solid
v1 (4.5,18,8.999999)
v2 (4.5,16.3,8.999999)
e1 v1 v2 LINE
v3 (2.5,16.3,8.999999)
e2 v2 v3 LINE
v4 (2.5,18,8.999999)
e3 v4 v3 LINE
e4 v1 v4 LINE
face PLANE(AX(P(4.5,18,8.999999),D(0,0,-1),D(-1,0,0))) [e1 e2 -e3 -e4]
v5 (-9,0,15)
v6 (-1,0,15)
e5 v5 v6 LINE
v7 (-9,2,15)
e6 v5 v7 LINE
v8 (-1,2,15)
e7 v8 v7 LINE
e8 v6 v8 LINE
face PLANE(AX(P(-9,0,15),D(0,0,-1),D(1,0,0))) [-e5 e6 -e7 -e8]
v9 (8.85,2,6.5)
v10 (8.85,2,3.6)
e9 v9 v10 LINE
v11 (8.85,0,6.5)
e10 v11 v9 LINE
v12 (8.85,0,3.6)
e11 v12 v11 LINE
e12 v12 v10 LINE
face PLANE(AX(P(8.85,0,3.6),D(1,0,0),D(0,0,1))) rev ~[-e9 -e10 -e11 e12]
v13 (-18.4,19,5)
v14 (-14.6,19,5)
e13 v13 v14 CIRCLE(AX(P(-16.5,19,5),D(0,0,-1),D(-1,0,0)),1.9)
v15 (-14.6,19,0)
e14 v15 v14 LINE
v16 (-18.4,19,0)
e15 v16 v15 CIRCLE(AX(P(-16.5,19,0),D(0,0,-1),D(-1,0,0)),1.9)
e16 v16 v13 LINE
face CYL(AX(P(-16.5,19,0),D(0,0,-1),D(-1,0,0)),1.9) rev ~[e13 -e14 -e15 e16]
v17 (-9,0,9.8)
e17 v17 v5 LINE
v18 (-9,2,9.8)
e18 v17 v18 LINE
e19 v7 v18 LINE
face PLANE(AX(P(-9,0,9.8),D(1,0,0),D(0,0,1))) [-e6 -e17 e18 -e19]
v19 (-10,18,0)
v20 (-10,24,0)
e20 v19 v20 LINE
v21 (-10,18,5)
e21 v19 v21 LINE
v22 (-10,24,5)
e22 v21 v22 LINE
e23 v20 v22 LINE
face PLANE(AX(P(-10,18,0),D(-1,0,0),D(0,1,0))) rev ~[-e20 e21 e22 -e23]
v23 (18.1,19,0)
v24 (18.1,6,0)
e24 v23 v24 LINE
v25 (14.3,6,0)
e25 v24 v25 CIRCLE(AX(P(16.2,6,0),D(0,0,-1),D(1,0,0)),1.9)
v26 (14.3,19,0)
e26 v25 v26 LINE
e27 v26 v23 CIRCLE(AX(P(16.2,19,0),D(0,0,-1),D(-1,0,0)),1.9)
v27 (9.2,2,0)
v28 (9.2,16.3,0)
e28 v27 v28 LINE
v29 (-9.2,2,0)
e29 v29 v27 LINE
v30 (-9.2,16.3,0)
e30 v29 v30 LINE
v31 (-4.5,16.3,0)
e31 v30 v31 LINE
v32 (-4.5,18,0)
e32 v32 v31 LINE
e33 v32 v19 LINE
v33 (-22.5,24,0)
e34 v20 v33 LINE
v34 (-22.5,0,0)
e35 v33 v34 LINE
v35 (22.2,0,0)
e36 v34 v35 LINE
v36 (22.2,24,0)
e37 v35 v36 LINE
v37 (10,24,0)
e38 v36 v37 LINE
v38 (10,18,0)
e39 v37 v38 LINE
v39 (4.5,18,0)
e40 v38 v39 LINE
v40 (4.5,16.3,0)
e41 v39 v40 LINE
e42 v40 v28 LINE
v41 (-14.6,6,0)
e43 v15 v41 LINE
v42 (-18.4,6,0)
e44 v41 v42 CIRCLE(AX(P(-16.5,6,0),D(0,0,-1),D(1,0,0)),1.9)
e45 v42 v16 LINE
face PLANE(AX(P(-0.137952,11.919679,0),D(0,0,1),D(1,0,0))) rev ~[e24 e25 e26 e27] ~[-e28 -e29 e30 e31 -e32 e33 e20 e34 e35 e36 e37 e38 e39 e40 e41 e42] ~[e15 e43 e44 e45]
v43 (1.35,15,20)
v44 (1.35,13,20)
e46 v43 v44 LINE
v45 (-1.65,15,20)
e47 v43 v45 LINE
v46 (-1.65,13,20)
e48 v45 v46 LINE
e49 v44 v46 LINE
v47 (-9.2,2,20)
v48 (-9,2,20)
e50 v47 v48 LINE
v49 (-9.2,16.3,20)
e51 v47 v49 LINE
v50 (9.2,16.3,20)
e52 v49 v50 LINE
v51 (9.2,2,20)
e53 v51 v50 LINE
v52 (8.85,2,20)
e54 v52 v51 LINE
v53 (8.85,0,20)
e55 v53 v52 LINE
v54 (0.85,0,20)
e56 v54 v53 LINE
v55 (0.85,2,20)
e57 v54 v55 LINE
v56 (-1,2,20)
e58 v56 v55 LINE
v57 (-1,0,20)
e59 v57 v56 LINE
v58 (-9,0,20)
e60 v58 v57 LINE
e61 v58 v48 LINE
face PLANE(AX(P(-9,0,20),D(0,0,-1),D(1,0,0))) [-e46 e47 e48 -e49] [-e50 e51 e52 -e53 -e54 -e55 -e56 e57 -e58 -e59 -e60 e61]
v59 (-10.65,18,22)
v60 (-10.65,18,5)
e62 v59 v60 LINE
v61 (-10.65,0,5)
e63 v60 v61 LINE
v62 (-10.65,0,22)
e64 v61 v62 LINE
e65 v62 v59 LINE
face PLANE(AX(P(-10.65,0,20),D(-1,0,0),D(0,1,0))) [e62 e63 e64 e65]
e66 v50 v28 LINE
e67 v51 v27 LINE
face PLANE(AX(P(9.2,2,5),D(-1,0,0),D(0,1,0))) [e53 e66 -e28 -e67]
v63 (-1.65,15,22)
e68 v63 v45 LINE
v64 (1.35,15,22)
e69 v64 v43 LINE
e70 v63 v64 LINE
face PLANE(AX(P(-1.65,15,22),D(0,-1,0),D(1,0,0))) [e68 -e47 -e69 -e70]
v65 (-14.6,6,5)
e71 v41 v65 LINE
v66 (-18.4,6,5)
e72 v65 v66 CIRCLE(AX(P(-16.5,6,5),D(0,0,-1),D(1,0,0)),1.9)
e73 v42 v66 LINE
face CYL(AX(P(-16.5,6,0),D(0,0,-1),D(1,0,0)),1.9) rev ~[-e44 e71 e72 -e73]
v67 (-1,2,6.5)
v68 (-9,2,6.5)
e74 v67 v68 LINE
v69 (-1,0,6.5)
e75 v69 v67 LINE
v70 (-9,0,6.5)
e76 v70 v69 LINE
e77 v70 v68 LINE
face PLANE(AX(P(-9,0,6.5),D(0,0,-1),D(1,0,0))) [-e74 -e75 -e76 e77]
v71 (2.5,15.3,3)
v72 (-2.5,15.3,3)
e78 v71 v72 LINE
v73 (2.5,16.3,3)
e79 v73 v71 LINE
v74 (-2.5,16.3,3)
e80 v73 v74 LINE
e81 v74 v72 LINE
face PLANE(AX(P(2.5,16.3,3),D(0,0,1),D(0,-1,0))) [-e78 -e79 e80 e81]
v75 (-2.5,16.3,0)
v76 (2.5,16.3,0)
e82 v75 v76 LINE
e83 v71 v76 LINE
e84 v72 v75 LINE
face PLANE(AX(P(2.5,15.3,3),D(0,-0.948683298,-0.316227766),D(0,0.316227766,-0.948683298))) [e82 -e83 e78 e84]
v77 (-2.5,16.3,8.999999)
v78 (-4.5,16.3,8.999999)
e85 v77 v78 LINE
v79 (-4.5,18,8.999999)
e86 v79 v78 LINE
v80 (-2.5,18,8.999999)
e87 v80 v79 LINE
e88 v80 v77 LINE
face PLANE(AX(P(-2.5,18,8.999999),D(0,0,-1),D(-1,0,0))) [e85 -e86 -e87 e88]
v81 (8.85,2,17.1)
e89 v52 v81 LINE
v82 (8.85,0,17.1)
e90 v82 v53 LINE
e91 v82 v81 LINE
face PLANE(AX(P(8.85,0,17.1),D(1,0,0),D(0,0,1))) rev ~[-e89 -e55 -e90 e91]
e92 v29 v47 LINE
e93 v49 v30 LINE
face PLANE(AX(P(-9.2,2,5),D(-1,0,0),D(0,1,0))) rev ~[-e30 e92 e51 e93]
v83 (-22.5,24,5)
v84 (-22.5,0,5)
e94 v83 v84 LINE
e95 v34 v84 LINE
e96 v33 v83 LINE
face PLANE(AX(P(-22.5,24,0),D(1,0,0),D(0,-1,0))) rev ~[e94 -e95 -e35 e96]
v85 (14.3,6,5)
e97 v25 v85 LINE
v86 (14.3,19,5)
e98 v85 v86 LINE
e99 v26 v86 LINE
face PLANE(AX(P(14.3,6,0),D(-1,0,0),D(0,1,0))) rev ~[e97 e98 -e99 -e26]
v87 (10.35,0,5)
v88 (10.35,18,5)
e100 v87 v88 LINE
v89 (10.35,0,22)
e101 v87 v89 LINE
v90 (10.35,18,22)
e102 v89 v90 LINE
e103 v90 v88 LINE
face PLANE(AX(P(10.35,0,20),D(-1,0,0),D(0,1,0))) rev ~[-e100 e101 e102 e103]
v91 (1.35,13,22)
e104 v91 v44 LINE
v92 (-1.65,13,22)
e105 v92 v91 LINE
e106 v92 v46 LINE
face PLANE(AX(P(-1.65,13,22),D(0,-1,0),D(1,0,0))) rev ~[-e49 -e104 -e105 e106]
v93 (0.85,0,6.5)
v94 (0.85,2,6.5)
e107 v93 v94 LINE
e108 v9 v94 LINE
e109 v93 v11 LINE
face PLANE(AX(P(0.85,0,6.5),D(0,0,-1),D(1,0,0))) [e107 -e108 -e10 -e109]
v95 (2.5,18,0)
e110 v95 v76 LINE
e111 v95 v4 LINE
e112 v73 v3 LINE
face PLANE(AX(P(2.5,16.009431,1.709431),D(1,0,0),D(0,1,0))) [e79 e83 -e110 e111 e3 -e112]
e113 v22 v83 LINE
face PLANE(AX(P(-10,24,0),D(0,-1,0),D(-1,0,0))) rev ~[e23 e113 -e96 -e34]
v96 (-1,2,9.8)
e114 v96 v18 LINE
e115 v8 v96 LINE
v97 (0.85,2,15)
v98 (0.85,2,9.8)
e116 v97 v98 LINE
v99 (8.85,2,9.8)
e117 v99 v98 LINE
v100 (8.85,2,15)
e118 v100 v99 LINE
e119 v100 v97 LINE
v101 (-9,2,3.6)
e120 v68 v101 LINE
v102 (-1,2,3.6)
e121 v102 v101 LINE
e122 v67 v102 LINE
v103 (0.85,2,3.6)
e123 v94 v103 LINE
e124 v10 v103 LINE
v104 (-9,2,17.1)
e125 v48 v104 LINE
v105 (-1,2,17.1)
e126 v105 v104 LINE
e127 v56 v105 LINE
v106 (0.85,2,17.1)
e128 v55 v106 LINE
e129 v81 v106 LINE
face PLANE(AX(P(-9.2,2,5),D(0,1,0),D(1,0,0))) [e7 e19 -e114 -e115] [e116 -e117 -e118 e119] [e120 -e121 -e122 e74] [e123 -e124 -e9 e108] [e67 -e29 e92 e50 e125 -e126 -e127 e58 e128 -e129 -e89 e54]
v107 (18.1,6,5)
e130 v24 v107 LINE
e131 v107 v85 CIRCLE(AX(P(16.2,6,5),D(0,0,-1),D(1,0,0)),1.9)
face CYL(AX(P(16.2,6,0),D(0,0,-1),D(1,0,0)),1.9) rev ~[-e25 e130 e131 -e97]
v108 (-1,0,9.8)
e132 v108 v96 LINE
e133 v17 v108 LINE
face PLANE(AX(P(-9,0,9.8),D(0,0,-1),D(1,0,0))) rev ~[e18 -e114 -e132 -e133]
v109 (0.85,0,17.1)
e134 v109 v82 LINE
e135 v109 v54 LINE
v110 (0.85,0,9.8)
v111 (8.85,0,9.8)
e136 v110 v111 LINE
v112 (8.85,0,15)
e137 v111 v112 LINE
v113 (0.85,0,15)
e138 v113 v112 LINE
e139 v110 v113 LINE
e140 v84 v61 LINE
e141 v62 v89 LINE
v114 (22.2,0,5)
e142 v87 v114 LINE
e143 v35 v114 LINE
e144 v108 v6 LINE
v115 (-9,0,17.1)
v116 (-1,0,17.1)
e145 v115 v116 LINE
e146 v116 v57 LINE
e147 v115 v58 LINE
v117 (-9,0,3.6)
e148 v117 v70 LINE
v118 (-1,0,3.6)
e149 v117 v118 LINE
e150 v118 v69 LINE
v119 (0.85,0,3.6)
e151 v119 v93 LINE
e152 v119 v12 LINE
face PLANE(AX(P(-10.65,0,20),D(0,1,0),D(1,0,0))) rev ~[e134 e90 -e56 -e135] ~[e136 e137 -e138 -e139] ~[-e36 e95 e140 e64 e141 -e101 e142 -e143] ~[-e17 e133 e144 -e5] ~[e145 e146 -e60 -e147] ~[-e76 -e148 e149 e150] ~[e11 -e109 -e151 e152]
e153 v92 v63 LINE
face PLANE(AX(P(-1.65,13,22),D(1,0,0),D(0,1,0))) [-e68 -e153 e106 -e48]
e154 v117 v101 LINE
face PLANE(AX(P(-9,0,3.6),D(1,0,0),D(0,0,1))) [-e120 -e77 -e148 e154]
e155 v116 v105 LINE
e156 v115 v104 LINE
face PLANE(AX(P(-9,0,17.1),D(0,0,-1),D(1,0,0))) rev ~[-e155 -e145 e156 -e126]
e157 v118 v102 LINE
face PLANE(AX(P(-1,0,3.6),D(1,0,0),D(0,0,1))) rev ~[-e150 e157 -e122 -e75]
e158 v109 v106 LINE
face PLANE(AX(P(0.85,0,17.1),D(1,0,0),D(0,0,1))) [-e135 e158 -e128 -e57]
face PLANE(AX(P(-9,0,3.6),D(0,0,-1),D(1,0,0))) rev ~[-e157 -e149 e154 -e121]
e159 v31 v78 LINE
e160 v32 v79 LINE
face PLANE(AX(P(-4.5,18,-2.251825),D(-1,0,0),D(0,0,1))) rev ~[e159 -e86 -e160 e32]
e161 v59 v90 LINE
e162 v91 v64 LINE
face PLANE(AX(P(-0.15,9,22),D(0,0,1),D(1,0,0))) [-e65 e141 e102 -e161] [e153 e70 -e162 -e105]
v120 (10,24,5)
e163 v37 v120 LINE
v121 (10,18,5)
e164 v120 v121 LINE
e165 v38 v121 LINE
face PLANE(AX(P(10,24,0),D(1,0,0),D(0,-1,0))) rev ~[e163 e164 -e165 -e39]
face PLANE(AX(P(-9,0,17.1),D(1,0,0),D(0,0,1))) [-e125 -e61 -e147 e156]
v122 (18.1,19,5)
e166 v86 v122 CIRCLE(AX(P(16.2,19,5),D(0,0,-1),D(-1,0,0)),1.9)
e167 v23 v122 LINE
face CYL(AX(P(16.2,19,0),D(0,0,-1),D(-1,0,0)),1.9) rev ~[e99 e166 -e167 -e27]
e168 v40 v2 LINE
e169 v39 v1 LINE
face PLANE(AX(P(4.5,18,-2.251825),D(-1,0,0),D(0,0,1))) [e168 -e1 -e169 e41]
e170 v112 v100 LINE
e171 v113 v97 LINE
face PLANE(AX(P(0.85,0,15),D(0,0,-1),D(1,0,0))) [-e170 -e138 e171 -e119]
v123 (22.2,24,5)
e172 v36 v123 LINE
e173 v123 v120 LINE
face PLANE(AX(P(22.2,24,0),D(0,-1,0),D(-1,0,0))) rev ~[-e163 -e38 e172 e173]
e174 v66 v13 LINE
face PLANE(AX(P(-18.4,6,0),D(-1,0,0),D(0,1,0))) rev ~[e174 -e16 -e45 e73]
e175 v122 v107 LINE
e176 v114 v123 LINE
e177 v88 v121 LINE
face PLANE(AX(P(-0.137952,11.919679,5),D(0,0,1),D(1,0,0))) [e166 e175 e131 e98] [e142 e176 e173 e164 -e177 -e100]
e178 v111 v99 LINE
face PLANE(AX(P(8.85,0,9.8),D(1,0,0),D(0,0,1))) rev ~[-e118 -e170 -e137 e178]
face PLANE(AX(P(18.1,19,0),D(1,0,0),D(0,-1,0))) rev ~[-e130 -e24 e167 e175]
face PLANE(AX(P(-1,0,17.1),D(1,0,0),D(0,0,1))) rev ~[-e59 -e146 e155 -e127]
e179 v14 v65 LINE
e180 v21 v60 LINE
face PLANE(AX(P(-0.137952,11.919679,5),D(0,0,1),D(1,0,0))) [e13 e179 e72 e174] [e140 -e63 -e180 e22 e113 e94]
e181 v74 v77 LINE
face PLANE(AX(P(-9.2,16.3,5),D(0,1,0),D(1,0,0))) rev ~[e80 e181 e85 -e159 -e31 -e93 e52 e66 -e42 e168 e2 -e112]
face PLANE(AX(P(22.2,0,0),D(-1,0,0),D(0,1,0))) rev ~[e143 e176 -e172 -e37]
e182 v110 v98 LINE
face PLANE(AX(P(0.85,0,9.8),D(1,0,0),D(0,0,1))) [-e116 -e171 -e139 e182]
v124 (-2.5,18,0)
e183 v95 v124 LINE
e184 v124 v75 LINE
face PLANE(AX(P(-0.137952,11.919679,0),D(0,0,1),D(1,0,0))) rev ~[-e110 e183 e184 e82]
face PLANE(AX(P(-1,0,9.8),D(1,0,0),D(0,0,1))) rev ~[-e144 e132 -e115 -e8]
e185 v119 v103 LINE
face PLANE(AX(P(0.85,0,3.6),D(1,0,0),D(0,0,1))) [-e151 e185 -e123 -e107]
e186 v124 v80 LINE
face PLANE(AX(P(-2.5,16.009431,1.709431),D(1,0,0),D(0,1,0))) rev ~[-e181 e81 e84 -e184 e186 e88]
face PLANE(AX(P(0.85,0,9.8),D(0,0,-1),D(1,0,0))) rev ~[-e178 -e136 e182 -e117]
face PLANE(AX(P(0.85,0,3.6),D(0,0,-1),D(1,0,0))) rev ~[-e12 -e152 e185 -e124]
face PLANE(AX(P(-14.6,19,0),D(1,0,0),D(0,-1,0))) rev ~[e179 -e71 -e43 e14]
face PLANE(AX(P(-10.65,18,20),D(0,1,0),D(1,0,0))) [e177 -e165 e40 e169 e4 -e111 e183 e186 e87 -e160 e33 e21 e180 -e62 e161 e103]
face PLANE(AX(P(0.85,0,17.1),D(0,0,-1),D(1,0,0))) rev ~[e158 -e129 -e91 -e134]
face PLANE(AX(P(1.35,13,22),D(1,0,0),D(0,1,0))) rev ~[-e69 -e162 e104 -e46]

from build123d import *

# Parameters (mm, degrees)
F0_W      = 18.4
F0_H      = 14.3
F1_DEPTH  = 5
F2_W      = 18.4
F2_H      = 14.3
F3_DEPTH  = 15
F4_W      = 21
F4_H      = 18
F5_DEPTH  = 2
F6_W      = 8
F6_H      = 2.9
F6_H_2    = 5.2
F7_DEPTH  = 3
F8_W      = 2
F8_H      = 11.251825
F9_DEPTH  = 3
F11_DEPTH = 5
F12_W     = 3
F12_H     = 2
F13_DEPTH = 5


with BuildPart() as f1:
    # F0 (on Top) → F1 (new body)
    with BuildSketch(Plane.XY):
        Polygon((-10, 24), (-22.5, 24), (-22.5, 0), (22.2, 0), (22.2, 24), (10, 24), (10, 18), (-10, 18), align=None)
        with Locations((0, 9.15)):
            Rectangle(F0_W, F0_H, mode=Mode.SUBTRACT)
        with BuildLine():
            Line((-18.4, 6), (-18.4, 19))
            ThreePointArc((-18.4, 19), (-16.5, 20.9), (-14.6, 19))
            Line((-14.6, 19), (-14.6, 6))
            ThreePointArc((-14.6, 6), (-16.5, 4.1), (-18.4, 6))
        make_face(mode=Mode.SUBTRACT)
        with BuildLine():
            Line((14.3, 6), (14.3, 19))
            ThreePointArc((14.3, 19), (16.2, 20.9), (18.1, 19))
            Line((18.1, 19), (18.1, 6))
            ThreePointArc((18.1, 6), (16.2, 4.1), (14.3, 6))
        make_face(mode=Mode.SUBTRACT)
    extrude(amount=F1_DEPTH)

    # F2 (on face) → F3 (join)
    with BuildSketch(Plane.XY.offset(5)):
        Polygon((-10.65, 18), (-10.65, 0), (10.35, 0), (10.35, 18), (10, 18), (-10, 18), align=None)
        with Locations((0, 9.15)):
            Rectangle(F2_W, F2_H, mode=Mode.SUBTRACT)
    extrude(amount=F3_DEPTH)

    # F4 (on face) → F5 (join)
    with BuildSketch(Plane.XY.offset(20)):
        with Locations((-0.15, 9)):
            Rectangle(F4_W, F4_H)
    extrude(amount=F5_DEPTH)

    # F6 (on face) → F7 (cut)
    with BuildSketch(Plane.XZ):
        with Locations((-5, 18.55)):
            Rectangle(F6_W, F6_H)
        with Locations((4.85, 18.55)):
            Rectangle(F6_W, F6_H)
        with Locations((-5, 12.4)):
            Rectangle(F6_W, F6_H_2)
        with Locations((4.85, 12.4)):
            Rectangle(F6_W, F6_H_2)
        with Locations((-5, 5.05)):
            Rectangle(F6_W, F6_H)
        with Locations((4.85, 5.05)):
            Rectangle(F6_W, F6_H)
    extrude(amount=-F7_DEPTH, mode=Mode.SUBTRACT)

    # F8 (on face) → F9 (cut)
    with BuildSketch(Plane(origin=(0, 18, 0), x_dir=(-1, 0, 0), z_dir=(0, 1, 0))):
        with Locations((-3.5, 3.374087)):
            Rectangle(F8_W, F8_H)
        with Locations((3.5, 3.374087)):
            Rectangle(F8_W, F8_H)
    extrude(amount=-F9_DEPTH, mode=Mode.SUBTRACT)

    # F10 (on face) → F11 (join)
    with BuildSketch(Plane.YZ.offset(2.5)):
        Polygon((16.3, 0), (16.3, 3), (15.3, 3), align=None)
    extrude(amount=-F11_DEPTH)

    # F12 (on face) → F13 (cut)
    with BuildSketch(Plane.XY.offset(22)):
        with Locations((-0.15, 14)):
            Rectangle(F12_W, F12_H)
    extrude(amount=-F13_DEPTH, mode=Mode.SUBTRACT)


solid = f1.part
